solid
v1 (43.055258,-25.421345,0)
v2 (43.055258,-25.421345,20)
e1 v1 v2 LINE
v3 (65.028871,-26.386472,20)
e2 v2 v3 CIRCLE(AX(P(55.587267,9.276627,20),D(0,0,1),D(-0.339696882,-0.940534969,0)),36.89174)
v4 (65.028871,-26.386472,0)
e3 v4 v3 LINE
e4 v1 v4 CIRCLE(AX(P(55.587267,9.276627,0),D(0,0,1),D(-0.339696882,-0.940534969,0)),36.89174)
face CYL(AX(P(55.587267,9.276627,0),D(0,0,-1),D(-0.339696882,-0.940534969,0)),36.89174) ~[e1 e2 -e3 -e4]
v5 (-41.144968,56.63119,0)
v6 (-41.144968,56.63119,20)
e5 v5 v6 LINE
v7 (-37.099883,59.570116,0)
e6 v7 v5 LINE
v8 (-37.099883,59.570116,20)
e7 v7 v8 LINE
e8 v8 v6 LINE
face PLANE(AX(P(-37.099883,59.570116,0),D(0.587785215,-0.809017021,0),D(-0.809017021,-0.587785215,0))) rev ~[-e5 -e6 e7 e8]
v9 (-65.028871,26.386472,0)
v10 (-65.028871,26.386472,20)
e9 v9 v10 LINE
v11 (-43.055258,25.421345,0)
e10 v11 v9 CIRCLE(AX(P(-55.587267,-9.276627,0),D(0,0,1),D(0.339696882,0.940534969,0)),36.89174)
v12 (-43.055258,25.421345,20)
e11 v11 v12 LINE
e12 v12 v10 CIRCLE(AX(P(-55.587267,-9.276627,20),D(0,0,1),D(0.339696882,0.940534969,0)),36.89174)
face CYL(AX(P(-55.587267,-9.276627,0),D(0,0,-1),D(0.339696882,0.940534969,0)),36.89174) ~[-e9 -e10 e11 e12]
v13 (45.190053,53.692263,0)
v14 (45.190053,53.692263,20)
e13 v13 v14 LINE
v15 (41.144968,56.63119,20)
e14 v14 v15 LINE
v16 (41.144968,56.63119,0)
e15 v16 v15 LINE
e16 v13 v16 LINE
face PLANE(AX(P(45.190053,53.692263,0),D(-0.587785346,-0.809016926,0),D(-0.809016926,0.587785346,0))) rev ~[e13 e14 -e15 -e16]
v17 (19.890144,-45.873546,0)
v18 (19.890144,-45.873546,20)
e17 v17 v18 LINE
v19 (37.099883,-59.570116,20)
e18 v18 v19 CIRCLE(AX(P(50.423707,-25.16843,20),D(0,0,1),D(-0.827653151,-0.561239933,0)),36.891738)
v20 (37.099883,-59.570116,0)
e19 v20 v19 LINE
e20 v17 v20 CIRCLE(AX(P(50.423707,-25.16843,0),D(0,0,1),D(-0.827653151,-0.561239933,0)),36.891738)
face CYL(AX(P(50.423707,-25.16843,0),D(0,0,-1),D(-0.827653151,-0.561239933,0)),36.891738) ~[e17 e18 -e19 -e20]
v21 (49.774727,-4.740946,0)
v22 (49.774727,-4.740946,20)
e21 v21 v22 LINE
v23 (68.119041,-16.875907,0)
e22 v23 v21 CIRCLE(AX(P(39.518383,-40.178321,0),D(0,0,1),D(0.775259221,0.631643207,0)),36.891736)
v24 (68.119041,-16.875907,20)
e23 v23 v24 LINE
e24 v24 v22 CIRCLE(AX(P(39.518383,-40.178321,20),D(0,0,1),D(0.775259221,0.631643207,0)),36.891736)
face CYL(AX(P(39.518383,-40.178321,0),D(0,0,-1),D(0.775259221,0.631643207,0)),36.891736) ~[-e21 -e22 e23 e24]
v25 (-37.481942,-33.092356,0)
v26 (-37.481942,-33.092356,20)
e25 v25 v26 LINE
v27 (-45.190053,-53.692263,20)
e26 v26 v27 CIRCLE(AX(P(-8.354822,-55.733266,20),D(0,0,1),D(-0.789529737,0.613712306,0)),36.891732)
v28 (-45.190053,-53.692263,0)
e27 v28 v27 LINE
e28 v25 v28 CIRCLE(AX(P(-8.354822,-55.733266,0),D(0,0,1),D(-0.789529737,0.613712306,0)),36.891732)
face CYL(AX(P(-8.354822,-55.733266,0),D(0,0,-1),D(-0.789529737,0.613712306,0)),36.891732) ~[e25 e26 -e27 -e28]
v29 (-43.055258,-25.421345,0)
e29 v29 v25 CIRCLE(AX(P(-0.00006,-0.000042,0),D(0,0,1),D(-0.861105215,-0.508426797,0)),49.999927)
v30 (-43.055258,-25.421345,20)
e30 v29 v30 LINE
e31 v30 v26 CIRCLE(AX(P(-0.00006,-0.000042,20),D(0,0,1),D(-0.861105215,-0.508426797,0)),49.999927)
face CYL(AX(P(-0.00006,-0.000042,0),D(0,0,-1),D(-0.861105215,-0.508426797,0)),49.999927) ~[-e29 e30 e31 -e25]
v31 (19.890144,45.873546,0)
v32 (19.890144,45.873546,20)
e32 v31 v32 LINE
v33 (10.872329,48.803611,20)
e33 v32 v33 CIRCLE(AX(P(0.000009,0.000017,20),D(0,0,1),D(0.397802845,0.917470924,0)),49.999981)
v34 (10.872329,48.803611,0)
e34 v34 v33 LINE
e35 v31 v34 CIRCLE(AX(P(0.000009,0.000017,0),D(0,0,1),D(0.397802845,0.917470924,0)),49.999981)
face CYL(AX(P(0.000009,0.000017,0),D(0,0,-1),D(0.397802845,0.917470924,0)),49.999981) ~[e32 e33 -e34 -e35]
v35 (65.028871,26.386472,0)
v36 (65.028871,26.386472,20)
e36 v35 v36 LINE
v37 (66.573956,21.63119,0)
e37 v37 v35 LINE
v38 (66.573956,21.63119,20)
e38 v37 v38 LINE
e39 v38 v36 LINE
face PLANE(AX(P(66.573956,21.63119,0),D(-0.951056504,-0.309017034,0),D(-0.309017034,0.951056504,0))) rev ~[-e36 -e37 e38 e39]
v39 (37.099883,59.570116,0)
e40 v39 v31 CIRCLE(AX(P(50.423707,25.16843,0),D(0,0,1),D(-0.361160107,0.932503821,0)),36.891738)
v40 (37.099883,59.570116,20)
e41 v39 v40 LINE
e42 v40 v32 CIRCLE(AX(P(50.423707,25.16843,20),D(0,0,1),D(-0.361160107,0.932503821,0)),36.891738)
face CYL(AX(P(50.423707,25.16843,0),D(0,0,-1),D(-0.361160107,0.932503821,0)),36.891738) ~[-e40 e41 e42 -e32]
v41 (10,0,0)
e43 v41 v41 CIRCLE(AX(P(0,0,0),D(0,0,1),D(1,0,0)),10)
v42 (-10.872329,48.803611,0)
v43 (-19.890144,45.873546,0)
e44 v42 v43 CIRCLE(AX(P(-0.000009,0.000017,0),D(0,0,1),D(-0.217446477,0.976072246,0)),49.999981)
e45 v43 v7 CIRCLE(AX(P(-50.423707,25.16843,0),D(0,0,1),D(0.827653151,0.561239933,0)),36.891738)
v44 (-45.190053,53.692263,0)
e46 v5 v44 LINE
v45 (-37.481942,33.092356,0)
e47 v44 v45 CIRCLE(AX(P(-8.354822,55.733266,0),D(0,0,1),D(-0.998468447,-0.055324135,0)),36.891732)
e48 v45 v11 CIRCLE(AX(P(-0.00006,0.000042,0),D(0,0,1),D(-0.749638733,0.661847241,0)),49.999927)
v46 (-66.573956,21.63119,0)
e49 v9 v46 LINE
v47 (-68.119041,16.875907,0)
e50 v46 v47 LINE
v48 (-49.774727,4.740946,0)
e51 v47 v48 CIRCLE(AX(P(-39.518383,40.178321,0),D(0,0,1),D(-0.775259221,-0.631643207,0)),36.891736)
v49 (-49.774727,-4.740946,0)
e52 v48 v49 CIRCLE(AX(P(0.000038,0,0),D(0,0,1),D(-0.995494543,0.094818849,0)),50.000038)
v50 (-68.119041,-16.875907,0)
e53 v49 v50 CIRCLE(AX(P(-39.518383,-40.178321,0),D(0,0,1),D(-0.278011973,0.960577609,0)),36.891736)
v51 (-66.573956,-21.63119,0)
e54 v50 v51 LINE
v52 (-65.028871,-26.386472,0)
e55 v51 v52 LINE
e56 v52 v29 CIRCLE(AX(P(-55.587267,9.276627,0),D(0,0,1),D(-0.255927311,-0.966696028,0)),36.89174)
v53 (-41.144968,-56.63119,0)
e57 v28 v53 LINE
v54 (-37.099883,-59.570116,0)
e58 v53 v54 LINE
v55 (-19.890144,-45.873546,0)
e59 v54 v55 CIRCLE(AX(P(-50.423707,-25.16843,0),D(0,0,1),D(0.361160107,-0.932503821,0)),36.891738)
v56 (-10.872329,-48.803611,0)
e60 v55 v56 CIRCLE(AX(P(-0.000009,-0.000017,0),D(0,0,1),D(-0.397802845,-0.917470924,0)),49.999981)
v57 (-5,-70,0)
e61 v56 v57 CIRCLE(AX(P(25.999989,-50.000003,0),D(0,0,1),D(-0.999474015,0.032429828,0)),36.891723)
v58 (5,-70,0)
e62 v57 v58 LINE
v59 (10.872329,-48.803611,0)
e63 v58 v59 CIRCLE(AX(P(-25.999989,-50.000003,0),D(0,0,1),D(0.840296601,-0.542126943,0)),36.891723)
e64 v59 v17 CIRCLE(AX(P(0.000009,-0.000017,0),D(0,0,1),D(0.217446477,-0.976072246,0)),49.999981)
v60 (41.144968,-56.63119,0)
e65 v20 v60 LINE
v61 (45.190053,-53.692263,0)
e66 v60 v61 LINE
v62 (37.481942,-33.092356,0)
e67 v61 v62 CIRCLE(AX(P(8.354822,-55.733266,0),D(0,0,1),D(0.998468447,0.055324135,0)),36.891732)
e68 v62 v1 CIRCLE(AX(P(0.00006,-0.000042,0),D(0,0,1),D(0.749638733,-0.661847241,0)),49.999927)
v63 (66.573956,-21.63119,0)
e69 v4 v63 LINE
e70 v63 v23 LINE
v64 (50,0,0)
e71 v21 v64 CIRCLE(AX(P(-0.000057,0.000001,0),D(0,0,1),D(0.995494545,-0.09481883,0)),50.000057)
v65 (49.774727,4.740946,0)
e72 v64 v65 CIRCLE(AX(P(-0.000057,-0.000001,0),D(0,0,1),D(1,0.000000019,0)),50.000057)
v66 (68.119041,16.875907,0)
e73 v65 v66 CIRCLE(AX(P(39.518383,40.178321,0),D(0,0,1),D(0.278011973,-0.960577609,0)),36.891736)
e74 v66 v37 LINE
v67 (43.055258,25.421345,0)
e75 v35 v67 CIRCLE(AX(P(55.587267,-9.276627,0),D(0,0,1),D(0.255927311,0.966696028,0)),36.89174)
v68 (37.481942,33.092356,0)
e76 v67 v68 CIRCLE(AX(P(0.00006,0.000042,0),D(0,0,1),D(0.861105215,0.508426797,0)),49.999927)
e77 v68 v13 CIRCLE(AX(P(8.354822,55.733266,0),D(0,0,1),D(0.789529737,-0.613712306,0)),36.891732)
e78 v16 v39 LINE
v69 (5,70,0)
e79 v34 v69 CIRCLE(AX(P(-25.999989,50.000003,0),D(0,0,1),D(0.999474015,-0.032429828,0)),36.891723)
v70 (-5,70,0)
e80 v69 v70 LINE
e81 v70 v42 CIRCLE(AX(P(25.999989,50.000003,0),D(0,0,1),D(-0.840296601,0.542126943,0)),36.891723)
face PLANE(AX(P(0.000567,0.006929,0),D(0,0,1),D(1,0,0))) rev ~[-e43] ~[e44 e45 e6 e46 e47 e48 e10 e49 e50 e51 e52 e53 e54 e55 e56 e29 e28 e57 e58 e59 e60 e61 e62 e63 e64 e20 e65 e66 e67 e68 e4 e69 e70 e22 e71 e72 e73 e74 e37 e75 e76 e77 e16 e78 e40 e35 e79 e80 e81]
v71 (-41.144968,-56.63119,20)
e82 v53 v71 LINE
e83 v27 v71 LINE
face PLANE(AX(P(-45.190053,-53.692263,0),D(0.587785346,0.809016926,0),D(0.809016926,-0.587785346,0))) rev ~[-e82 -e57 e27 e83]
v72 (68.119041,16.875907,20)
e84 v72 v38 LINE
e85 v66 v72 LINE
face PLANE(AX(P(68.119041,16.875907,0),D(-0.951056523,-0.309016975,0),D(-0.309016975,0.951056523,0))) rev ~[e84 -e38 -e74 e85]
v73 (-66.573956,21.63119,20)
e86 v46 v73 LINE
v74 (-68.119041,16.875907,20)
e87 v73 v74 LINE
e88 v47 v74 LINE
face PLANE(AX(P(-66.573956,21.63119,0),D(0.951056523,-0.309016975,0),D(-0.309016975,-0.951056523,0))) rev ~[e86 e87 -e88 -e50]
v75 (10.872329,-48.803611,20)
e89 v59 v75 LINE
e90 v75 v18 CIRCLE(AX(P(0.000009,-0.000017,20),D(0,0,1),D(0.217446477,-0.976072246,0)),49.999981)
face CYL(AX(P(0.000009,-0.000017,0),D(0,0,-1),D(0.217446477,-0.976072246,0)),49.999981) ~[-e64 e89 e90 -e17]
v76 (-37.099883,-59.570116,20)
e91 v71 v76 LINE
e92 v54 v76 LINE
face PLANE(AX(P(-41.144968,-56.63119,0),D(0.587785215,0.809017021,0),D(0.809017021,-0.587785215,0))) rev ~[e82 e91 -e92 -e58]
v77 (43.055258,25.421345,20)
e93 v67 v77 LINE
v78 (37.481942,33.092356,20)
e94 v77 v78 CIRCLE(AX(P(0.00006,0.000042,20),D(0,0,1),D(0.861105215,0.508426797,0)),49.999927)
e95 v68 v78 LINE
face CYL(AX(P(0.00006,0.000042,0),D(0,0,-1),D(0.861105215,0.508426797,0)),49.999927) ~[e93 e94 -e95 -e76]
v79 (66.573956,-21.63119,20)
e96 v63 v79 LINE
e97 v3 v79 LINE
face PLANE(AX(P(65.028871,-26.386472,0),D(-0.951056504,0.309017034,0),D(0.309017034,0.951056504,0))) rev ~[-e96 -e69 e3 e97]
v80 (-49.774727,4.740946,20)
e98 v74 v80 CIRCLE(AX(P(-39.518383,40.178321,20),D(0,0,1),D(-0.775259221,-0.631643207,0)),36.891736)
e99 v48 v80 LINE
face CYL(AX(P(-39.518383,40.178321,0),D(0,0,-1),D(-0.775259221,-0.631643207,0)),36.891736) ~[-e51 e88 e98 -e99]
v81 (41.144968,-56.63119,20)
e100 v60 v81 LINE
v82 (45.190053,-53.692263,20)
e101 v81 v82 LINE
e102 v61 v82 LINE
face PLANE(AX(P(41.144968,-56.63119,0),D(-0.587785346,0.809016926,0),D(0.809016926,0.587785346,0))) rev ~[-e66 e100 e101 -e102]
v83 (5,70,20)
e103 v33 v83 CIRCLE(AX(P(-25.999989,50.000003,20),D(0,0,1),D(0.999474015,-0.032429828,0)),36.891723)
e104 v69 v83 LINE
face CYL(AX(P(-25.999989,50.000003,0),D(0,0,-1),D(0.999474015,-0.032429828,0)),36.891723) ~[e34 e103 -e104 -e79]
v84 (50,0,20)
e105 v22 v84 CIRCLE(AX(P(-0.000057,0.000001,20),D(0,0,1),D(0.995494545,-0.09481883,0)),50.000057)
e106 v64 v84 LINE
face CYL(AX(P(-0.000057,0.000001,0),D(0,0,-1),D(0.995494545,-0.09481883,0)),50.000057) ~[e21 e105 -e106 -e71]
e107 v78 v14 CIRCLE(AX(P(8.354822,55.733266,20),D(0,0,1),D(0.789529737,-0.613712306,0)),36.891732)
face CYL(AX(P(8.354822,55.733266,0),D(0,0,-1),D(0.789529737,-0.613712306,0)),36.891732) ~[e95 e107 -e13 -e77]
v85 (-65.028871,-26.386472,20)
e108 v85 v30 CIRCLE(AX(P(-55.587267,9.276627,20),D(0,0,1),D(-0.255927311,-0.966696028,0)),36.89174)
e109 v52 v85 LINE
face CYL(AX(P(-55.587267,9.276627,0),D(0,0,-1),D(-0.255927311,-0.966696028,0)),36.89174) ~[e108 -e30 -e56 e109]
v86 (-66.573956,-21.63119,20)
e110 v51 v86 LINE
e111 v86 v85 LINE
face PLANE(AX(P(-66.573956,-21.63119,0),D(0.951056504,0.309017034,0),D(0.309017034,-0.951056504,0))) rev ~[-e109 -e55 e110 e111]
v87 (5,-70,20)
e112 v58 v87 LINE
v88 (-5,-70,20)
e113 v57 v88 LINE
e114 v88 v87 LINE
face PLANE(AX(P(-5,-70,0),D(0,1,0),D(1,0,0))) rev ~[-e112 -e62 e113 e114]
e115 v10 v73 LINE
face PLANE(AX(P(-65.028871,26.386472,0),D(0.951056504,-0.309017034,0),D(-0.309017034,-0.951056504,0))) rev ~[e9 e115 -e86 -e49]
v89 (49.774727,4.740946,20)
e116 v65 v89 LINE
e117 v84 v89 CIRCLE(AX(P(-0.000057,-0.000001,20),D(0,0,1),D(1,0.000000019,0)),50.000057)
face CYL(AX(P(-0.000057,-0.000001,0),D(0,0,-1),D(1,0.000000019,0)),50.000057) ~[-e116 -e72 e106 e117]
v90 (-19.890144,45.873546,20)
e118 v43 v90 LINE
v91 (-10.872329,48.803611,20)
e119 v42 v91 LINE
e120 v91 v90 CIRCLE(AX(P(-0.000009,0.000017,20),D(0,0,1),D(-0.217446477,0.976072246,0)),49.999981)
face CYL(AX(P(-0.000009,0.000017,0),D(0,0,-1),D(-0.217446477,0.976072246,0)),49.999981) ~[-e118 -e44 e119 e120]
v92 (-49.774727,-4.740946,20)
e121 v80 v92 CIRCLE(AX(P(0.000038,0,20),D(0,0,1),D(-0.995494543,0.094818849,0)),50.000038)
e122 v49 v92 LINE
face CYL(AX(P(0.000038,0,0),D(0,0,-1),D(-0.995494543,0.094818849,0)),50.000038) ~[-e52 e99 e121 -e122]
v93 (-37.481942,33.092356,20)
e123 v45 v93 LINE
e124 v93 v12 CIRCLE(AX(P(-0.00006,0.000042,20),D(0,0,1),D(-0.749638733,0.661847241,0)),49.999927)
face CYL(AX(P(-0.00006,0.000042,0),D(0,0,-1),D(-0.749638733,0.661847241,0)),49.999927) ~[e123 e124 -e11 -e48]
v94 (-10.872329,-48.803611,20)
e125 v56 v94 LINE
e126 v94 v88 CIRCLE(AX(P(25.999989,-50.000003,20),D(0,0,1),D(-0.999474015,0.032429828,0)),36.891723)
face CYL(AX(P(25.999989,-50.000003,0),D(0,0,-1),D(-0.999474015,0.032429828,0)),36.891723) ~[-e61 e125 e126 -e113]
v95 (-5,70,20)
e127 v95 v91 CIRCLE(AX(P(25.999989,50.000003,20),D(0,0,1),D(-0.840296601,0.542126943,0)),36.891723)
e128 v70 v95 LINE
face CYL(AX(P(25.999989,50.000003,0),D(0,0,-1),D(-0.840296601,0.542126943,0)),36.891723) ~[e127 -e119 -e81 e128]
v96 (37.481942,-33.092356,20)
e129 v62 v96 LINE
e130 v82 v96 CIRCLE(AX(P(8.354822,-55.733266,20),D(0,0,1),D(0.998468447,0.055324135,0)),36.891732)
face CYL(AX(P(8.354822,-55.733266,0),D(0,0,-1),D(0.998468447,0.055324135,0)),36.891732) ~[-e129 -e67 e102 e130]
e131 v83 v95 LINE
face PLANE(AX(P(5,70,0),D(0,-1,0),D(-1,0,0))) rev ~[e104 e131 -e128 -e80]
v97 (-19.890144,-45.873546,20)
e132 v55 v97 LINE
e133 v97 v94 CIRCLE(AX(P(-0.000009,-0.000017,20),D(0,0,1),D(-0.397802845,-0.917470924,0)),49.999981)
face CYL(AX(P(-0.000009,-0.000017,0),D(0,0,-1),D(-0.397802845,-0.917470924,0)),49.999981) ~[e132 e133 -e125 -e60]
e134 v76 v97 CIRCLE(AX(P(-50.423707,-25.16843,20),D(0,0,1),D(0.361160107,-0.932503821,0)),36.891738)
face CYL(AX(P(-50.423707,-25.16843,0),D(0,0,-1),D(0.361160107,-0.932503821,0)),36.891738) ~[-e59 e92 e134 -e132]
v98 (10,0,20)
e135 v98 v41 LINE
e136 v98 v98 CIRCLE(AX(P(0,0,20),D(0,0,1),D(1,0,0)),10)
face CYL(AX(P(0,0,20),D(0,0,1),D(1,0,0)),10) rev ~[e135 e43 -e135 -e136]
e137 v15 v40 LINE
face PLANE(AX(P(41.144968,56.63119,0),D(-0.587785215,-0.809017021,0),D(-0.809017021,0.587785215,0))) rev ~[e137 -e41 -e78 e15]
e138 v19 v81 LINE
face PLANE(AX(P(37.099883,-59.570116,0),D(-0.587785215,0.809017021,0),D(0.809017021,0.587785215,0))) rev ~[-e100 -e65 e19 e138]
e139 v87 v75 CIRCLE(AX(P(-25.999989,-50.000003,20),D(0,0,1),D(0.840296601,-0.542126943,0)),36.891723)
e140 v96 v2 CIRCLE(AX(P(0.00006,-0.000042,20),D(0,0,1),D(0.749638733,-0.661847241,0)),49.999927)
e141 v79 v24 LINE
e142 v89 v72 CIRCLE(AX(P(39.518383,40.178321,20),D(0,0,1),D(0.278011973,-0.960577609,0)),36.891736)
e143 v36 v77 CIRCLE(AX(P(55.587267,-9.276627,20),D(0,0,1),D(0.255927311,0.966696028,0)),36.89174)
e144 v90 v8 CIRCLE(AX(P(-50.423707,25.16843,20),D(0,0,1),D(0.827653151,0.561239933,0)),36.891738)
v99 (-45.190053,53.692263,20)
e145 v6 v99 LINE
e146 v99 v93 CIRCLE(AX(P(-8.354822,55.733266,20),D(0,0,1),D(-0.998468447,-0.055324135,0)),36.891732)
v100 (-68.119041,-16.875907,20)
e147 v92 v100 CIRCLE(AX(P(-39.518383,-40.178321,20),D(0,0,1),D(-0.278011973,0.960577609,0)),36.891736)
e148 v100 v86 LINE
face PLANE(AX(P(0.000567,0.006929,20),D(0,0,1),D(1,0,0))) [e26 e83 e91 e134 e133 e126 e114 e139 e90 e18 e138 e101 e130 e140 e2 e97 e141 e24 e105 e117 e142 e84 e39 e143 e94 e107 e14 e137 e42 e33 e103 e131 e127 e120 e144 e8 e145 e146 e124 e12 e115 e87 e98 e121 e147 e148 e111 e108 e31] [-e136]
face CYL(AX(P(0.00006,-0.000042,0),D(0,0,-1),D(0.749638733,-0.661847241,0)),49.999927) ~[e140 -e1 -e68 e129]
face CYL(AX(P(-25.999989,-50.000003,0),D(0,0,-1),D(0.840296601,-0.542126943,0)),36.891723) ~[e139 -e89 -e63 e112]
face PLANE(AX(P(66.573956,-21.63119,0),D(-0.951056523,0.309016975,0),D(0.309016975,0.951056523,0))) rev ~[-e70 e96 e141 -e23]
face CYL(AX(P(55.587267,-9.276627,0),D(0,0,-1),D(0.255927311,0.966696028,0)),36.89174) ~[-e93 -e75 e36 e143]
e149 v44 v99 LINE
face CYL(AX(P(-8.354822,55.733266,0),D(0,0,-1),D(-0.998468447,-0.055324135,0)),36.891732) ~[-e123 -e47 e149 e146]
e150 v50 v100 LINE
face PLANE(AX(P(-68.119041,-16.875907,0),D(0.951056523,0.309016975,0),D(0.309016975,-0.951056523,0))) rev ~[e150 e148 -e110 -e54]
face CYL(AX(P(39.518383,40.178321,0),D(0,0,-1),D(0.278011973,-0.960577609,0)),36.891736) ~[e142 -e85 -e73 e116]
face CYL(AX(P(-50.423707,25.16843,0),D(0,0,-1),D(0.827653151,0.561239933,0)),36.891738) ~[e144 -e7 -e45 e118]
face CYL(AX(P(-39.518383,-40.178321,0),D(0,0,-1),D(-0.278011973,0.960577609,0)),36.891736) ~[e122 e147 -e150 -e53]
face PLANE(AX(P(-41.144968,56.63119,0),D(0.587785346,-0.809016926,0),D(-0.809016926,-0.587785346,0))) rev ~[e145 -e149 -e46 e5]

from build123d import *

# Parameters (mm, degrees)
F1_DEPTH = 20
F2_R     = 10
F3_DEPTH = 20


with BuildPart() as f1:
    # F0 (on Top) → F1 (new body)
    with BuildSketch(Plane.XY):
        with BuildLine():
            ThreePointArc((49.774727, -4.740946), (49.94365, -2.373147), (50, 0))
            ThreePointArc((50, 0), (49.94365, 2.373147), (49.774727, 4.740946))
            ThreePointArc((49.774727, 4.740946), (47.552826, 15.45085), (43.055258, 25.421345))
            ThreePointArc((43.055258, 25.421345), (40.45085, 29.389263), (37.481942, 33.092356))
            ThreePointArc((37.481942, 33.092356), (29.389263, 40.45085), (19.890144, 45.873546))
            ThreePointArc((19.890144, 45.873546), (15.45085, 47.552826), (10.872329, 48.803611))
            ThreePointArc((10.872329, 48.803611), (5.468978, 49.700003), (0, 50))
            ThreePointArc((0, 50), (-5.468978, 49.700003), (-10.872329, 48.803611))
            ThreePointArc((-10.872329, 48.803611), (-15.45085, 47.552826), (-19.890144, 45.873546))
            ThreePointArc((-19.890144, 45.873546), (-29.389263, 40.45085), (-37.481942, 33.092356))
            ThreePointArc((-37.481942, 33.092356), (-40.45085, 29.389263), (-43.055258, 25.421345))
            ThreePointArc((-43.055258, 25.421345), (-47.552826, 15.45085), (-49.774727, 4.740946))
            ThreePointArc((-49.774727, 4.740946), (-50, 0), (-49.774727, -4.740946))
            ThreePointArc((-49.774727, -4.740946), (-47.552826, -15.45085), (-43.055258, -25.421345))
            ThreePointArc((-43.055258, -25.421345), (-40.45085, -29.389263), (-37.481942, -33.092356))
            ThreePointArc((-37.481942, -33.092356), (-29.389263, -40.45085), (-19.890144, -45.873546))
            ThreePointArc((-19.890144, -45.873546), (-15.45085, -47.552826), (-10.872329, -48.803611))
            ThreePointArc((-10.872329, -48.803611), (0, -50), (10.872329, -48.803611))
            ThreePointArc((10.872329, -48.803611), (15.45085, -47.552826), (19.890144, -45.873546))
            ThreePointArc((19.890144, -45.873546), (29.389263, -40.45085), (37.481942, -33.092356))
            ThreePointArc((37.481942, -33.092356), (40.45085, -29.389263), (43.055258, -25.421345))
            ThreePointArc((43.055258, -25.421345), (47.552826, -15.45085), (49.774727, -4.740946))
        make_face()
        with BuildLine():
            ThreePointArc((43.055258, 25.421345), (47.552826, 15.45085), (49.774727, 4.740946))
            ThreePointArc((49.774727, 4.740946), (59.872276, 9.409519), (68.119041, 16.875907))
            Line((68.119041, 16.875907), (66.573956, 21.63119))
            Line((66.573956, 21.63119), (65.028871, 26.386472))
            ThreePointArc((65.028871, 26.386472), (53.968465, 27.57958), (43.055258, 25.421345))
        make_face()
        with BuildLine():
            ThreePointArc((68.119041, -16.875907), (59.872276, -9.409519), (49.774727, -4.740946))
            ThreePointArc((49.774727, -4.740946), (47.552826, -15.45085), (43.055258, -25.421345))
            ThreePointArc((43.055258, -25.421345), (53.968465, -27.57958), (65.028871, -26.386472))
            Line((65.028871, -26.386472), (66.573956, -21.63119))
            Line((66.573956, -21.63119), (68.119041, -16.875907))
        make_face()
        with BuildLine():
            ThreePointArc((19.890144, 45.873546), (29.389263, 40.45085), (37.481942, 33.092356))
            ThreePointArc((37.481942, 33.092356), (42.906913, 42.804502), (45.190053, 53.692263))
            Line((45.190053, 53.692263), (41.144968, 56.63119))
            Line((41.144968, 56.63119), (37.099883, 59.570116))
            ThreePointArc((37.099883, 59.570116), (27.450535, 54.034217), (19.890144, 45.873546))
        make_face()
        with BuildLine():
            ThreePointArc((45.190053, -53.692263), (42.906913, -42.804502), (37.481942, -33.092356))
            ThreePointArc((37.481942, -33.092356), (29.389263, -40.45085), (19.890144, -45.873546))
            ThreePointArc((19.890144, -45.873546), (27.450535, -54.034217), (37.099883, -59.570116))
            Line((37.099883, -59.570116), (41.144968, -56.63119))
            Line((41.144968, -56.63119), (45.190053, -53.692263))
        make_face()
        with BuildLine():
            ThreePointArc((0, 50), (5.468978, 49.700003), (10.872329, 48.803611))
            ThreePointArc((10.872329, 48.803611), (9.552567, 59.84962), (5, 70))
            Line((5, 70), (0, 70))
            Line((0, 70), (0, 50))
        make_face()
        with BuildLine():
            ThreePointArc((5, -70), (9.552567, -59.84962), (10.872329, -48.803611))
            ThreePointArc((10.872329, -48.803611), (0, -50), (-10.872329, -48.803611))
            ThreePointArc((-10.872329, -48.803611), (-9.552567, -59.84962), (-5, -70))
            Line((-5, -70), (0, -70))
            Line((0, -70), (5, -70))
        make_face()
        with BuildLine():
            ThreePointArc((-10.872329, 48.803611), (-5.468978, 49.700003), (0, 50))
            Line((0, 50), (0, 70))
            Line((0, 70), (-5, 70))
            ThreePointArc((-5, 70), (-9.552567, 59.84962), (-10.872329, 48.803611))
        make_face()
        with BuildLine():
            ThreePointArc((-37.099883, -59.570116), (-27.450535, -54.034217), (-19.890144, -45.873546))
            ThreePointArc((-19.890144, -45.873546), (-29.389263, -40.45085), (-37.481942, -33.092356))
            ThreePointArc((-37.481942, -33.092356), (-42.906913, -42.804502), (-45.190053, -53.692263))
            Line((-45.190053, -53.692263), (-41.144968, -56.63119))
            Line((-41.144968, -56.63119), (-37.099883, -59.570116))
        make_face()
        with BuildLine():
            ThreePointArc((-37.481942, 33.092356), (-29.389263, 40.45085), (-19.890144, 45.873546))
            ThreePointArc((-19.890144, 45.873546), (-27.450535, 54.034217), (-37.099883, 59.570116))
            Line((-37.099883, 59.570116), (-41.144968, 56.63119))
            Line((-41.144968, 56.63119), (-45.190053, 53.692263))
            ThreePointArc((-45.190053, 53.692263), (-42.906913, 42.804502), (-37.481942, 33.092356))
        make_face()
        with BuildLine():
            ThreePointArc((-65.028871, -26.386472), (-53.968465, -27.57958), (-43.055258, -25.421345))
            ThreePointArc((-43.055258, -25.421345), (-47.552826, -15.45085), (-49.774727, -4.740946))
            ThreePointArc((-49.774727, -4.740946), (-59.872276, -9.409519), (-68.119041, -16.875907))
            Line((-68.119041, -16.875907), (-66.573956, -21.63119))
            Line((-66.573956, -21.63119), (-65.028871, -26.386472))
        make_face()
        with BuildLine():
            ThreePointArc((-49.774727, 4.740946), (-47.552826, 15.45085), (-43.055258, 25.421345))
            ThreePointArc((-43.055258, 25.421345), (-53.968465, 27.57958), (-65.028871, 26.386472))
            Line((-65.028871, 26.386472), (-66.573956, 21.63119))
            Line((-66.573956, 21.63119), (-68.119041, 16.875907))
            ThreePointArc((-68.119041, 16.875907), (-59.872276, 9.409519), (-49.774727, 4.740946))
        make_face()
    extrude(amount=F1_DEPTH)

    # F2 (on face) → F3 (cut, through all)
    with BuildSketch(Plane.XY.offset(20)):
        Circle(F2_R)
    extrude(amount=-F3_DEPTH, mode=Mode.SUBTRACT)


solid = f1.part
